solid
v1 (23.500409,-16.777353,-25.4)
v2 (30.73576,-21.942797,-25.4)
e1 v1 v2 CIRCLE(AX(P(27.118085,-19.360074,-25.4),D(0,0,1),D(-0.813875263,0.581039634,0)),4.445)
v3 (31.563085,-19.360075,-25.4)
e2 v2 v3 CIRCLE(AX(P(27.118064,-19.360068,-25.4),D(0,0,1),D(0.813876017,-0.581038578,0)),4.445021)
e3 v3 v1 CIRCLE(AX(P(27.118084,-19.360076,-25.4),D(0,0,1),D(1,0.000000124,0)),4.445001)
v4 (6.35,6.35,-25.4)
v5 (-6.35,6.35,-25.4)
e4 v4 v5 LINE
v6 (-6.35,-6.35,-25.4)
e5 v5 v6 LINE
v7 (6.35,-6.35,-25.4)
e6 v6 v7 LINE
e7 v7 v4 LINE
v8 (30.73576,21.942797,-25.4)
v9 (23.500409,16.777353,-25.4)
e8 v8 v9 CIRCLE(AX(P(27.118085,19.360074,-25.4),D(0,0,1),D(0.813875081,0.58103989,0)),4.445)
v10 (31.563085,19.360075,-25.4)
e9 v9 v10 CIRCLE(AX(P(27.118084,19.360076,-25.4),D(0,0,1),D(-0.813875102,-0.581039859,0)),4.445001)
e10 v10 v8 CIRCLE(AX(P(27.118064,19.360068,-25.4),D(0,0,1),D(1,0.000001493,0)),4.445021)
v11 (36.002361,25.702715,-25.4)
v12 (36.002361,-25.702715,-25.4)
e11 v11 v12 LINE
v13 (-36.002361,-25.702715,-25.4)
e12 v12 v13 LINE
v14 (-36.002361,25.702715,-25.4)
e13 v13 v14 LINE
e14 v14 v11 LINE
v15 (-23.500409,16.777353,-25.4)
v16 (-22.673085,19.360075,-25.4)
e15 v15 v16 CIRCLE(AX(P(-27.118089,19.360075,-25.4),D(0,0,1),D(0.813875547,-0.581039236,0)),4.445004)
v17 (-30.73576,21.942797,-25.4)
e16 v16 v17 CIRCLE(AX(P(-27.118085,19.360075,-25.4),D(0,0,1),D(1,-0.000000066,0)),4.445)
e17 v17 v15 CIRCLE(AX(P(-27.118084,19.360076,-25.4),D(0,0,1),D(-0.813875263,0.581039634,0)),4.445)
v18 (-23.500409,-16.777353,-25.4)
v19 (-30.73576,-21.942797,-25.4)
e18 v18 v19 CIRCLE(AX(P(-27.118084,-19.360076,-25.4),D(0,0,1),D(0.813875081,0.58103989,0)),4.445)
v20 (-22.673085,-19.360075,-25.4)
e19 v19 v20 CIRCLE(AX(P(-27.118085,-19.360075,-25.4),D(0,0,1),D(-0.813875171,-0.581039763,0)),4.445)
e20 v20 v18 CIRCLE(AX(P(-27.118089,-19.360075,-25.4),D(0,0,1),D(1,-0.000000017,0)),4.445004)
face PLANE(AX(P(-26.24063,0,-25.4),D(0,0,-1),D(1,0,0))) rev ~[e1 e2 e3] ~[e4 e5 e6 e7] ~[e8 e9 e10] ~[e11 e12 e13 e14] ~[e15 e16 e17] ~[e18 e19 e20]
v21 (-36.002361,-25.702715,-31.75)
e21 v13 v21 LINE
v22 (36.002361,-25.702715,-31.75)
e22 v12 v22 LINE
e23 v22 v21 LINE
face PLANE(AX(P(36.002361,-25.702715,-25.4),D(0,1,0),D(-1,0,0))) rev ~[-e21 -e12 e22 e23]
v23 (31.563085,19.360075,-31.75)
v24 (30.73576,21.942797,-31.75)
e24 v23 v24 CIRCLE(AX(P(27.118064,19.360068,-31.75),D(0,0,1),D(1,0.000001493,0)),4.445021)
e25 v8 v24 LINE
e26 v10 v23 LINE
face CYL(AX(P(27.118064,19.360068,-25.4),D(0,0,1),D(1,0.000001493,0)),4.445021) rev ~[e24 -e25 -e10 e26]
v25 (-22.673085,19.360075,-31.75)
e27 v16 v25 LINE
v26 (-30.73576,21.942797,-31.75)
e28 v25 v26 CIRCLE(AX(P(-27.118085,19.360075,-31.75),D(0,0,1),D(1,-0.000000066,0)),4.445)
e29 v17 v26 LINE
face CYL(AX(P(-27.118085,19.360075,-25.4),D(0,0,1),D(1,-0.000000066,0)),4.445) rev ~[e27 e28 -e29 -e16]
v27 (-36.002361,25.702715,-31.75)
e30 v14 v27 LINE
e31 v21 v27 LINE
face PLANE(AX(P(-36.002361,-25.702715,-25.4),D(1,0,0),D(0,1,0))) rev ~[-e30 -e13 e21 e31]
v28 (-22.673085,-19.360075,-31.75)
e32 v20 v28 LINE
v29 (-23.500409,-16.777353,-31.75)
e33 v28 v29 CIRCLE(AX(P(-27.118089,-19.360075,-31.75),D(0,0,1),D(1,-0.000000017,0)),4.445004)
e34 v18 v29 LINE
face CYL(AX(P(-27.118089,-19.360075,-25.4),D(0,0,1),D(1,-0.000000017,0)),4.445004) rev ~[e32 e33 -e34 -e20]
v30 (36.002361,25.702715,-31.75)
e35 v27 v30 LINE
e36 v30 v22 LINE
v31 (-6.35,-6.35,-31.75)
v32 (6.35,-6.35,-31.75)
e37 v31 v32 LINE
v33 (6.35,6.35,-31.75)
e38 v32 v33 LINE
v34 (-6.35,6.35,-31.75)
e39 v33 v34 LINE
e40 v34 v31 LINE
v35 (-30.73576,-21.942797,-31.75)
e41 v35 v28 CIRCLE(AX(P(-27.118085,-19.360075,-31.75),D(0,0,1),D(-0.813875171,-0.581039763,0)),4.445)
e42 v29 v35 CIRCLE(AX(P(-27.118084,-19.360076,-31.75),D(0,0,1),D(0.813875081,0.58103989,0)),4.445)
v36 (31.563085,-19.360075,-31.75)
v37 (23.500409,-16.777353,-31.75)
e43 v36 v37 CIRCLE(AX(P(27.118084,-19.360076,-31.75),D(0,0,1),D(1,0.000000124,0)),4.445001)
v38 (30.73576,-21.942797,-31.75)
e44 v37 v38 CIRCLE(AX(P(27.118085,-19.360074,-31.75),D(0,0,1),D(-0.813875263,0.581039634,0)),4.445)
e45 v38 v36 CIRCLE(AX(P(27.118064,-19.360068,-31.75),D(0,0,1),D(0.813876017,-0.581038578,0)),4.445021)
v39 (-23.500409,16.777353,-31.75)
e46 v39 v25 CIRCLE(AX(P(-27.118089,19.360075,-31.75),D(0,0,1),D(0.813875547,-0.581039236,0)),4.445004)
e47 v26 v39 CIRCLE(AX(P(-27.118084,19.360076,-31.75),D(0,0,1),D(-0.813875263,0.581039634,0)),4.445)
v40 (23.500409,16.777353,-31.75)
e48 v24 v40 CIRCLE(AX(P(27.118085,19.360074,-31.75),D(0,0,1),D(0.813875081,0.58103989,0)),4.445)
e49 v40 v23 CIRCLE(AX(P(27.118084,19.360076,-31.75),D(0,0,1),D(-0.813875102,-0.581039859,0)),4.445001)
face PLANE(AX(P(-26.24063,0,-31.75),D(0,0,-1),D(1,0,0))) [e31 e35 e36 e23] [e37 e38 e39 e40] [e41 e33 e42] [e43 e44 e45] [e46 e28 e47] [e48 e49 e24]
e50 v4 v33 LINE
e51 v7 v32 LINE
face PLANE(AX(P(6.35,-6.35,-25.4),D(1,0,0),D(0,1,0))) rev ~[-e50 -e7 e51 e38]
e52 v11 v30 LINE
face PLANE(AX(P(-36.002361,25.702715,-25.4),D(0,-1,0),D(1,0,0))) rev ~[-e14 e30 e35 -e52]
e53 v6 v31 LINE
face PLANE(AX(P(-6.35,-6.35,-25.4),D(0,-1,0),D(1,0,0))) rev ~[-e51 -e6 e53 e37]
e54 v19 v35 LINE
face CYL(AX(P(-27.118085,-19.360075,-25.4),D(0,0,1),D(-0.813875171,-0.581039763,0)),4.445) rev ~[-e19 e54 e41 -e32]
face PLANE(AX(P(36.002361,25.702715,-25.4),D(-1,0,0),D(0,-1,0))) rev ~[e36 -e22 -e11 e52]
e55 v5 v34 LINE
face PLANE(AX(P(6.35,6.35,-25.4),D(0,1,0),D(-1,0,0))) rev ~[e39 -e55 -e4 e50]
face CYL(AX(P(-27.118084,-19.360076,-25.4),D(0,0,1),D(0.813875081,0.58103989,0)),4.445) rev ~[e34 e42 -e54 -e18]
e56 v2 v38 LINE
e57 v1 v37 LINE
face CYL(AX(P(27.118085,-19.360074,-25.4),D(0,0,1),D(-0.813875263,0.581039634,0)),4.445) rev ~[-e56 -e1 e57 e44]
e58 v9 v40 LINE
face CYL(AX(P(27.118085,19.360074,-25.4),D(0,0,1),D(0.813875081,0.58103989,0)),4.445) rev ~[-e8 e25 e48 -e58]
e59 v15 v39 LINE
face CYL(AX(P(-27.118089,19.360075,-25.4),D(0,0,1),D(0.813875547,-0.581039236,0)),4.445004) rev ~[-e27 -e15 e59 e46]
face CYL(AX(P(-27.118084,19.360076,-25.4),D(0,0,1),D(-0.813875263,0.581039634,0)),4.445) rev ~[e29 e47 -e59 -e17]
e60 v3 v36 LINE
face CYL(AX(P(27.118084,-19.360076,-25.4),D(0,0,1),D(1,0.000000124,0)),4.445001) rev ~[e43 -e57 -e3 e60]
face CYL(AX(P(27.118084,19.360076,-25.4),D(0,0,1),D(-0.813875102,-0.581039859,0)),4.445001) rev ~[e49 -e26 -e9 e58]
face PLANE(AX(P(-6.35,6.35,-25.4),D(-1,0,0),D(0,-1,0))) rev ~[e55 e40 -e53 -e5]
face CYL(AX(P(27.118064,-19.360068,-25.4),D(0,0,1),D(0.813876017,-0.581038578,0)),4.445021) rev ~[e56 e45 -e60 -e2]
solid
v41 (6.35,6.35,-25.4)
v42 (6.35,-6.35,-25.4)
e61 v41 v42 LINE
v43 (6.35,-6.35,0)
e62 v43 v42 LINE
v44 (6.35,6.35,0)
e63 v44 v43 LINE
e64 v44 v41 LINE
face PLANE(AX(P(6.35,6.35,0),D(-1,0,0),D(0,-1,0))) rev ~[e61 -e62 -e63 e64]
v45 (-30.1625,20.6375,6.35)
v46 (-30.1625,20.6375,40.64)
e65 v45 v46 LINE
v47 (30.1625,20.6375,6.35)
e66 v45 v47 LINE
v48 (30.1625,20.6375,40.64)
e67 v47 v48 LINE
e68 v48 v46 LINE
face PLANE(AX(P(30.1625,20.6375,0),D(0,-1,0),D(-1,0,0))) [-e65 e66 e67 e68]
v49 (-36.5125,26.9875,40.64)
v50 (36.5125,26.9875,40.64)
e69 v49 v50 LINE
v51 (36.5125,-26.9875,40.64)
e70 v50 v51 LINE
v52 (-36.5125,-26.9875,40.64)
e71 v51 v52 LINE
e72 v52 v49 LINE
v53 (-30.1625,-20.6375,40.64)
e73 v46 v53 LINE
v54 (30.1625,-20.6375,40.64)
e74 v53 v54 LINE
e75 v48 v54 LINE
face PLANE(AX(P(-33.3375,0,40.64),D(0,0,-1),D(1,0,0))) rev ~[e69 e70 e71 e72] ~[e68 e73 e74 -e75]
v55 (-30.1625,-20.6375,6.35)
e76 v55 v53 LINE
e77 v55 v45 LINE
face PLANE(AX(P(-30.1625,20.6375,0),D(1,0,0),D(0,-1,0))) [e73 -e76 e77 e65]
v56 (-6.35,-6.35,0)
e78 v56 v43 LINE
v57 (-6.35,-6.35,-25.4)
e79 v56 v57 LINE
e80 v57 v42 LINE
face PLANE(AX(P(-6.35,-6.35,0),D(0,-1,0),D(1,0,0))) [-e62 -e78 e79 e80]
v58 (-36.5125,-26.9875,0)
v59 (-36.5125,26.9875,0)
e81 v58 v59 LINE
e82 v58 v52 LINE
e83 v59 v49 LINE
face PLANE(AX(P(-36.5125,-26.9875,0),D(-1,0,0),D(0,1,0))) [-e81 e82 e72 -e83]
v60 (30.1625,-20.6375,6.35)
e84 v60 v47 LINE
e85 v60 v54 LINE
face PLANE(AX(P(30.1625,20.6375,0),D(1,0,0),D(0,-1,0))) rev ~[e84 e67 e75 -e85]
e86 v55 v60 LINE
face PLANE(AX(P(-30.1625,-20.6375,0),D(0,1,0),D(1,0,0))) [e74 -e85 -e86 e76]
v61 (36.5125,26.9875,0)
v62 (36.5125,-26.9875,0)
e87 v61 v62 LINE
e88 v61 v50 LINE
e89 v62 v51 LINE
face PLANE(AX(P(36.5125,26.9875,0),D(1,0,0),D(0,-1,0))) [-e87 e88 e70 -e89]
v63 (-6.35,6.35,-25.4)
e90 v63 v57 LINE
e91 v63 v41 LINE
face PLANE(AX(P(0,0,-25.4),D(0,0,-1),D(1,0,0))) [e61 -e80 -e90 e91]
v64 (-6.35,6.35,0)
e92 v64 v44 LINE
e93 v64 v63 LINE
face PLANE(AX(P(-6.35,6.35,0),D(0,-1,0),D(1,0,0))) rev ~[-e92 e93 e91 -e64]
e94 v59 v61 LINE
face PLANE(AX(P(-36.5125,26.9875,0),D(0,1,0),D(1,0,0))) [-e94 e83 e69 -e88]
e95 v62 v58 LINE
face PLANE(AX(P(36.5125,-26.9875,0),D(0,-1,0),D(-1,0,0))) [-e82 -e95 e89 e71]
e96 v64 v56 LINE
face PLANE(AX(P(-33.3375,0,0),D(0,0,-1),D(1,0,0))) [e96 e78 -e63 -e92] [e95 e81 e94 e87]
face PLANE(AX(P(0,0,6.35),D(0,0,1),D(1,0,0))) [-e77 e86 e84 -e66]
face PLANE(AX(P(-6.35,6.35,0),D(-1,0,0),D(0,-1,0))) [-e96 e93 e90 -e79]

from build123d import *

# Parameters (mm, degrees)
F0_W     = 60.325
F0_H     = 41.275
F1_DEPTH = 6.35
F2_W     = 12.7
F2_H     = 12.7
F3_DEPTH = 25.4
F5_DEPTH = 6.35
F6_W     = 6.35
F6_H     = 41.275
F7_DEPTH = 40.64


with BuildPart() as f1:
    # F0 (on Top) → F1 (new body)
    with BuildSketch(Plane.XY):
        Rectangle(F0_W, F0_H)
    extrude(amount=F1_DEPTH)

    # F2 (on face) → F3 (join)
    with BuildSketch(Plane(origin=(0, 0, 0), x_dir=(1, 0, 0), z_dir=(0, 0, -1))):
        Rectangle(F2_W, F2_H)
    extrude(amount=F3_DEPTH)

    # F6 (on face) → F7 (join)
    with BuildSketch(Plane(origin=(0, 0, 0), x_dir=(1, 0, 0), z_dir=(0, 0, -1))):
        with Locations((-33.3375, 0)):
            Rectangle(F6_W, F6_H)
        Polygon((-36.5125, 20.6375), (-30.1625, 20.6375), (30.1625, 20.6375), (36.5125, 20.6375), (36.5125, 26.9875), (-36.5125, 26.9875), align=None)
        Polygon((30.1625, -20.6375), (-30.1625, -20.6375), (-36.5125, -20.6375), (-36.5125, -26.9875), (36.5125, -26.9875), (36.5125, -20.6375), align=None)
        with Locations((33.3375, 0)):
            Rectangle(F6_W, F6_H)
    extrude(amount=-F7_DEPTH)


with BuildPart() as f5:
    # F4 (on face) → F5 (new body)
    with BuildSketch(Plane(origin=(0, 0, -25.4), x_dir=(1, 0, 0), z_dir=(0, 0, -1))):
        with BuildLine():
            Line((-36.002361, 25.702715), (-36.002361, -25.702715))
            Line((-36.002361, -25.702715), (-30.73576, -21.942797))
            ThreePointArc((-30.73576, -21.942797), (-29.700806, -15.7424), (-23.500409, -16.777353))
            Line((-23.500409, -16.777353), (-6.35, -4.533376))
            Line((-6.35, -4.533376), (-6.35, 4.533376))
            Line((-6.35, 4.533376), (-23.500409, 16.777353))
            ThreePointArc((-23.500409, 16.777353), (-29.700806, 15.7424), (-30.73576, 21.942797))
            Line((-30.73576, 21.942797), (-36.002361, 25.702715))
        make_face()
        with BuildLine():
            Line((36.002361, 25.702715), (-36.002361, 25.702715))
            Line((-36.002361, 25.702715), (-30.73576, 21.942797))
            ThreePointArc((-30.73576, 21.942797), (-25.762087, 23.593194), (-22.673085, 19.360075))
            ThreePointArc((-22.673085, 19.360075), (-22.884966, 18.004077), (-23.500409, 16.777353))
            Line((-23.500409, 16.777353), (-6.35, 4.533376))
            Line((-6.35, 4.533376), (-6.35, 6.35))
            Line((-6.35, 6.35), (6.35, 6.35))
            Line((6.35, 6.35), (6.35, 4.533376))
            Line((6.35, 4.533376), (23.500409, 16.777353))
            ThreePointArc((23.500409, 16.777353), (24.535363, 22.97775), (30.73576, 21.942797))
            Line((30.73576, 21.942797), (36.002361, 25.702715))
        make_face()
        with BuildLine():
            Line((30.73576, -21.942797), (36.002361, -25.702715))
            Line((36.002361, -25.702715), (36.002361, 25.702715))
            Line((36.002361, 25.702715), (30.73576, 21.942797))
            ThreePointArc((30.73576, 21.942797), (31.351203, 20.716072), (31.563085, 19.360075))
            ThreePointArc((31.563085, 19.360075), (28.474082, 15.126956), (23.500409, 16.777353))
            Line((23.500409, 16.777353), (6.35, 4.533376))
            Line((6.35, 4.533376), (6.35, -4.533376))
            Line((6.35, -4.533376), (23.500409, -16.777353))
            ThreePointArc((23.500409, -16.777353), (28.474082, -15.126956), (31.563085, -19.360075))
            ThreePointArc((31.563085, -19.360075), (31.351203, -20.716072), (30.73576, -21.942797))
        make_face()
        with BuildLine():
            Line((-30.73576, -21.942797), (-36.002361, -25.702715))
            Line((-36.002361, -25.702715), (36.002361, -25.702715))
            Line((36.002361, -25.702715), (30.73576, -21.942797))
            ThreePointArc((30.73576, -21.942797), (24.535363, -22.97775), (23.500409, -16.777353))
            Line((23.500409, -16.777353), (6.35, -4.533376))
            Line((6.35, -4.533376), (6.35, -6.35))
            Line((6.35, -6.35), (-6.35, -6.35))
            Line((-6.35, -6.35), (-6.35, -4.533376))
            Line((-6.35, -4.533376), (-23.500409, -16.777353))
            ThreePointArc((-23.500409, -16.777353), (-22.884966, -18.004077), (-22.673085, -19.360075))
            ThreePointArc((-22.673085, -19.360075), (-25.762087, -23.593194), (-30.73576, -21.942797))
        make_face()
    extrude(amount=F5_DEPTH)


solid = Compound([f1.part, f5.part])
